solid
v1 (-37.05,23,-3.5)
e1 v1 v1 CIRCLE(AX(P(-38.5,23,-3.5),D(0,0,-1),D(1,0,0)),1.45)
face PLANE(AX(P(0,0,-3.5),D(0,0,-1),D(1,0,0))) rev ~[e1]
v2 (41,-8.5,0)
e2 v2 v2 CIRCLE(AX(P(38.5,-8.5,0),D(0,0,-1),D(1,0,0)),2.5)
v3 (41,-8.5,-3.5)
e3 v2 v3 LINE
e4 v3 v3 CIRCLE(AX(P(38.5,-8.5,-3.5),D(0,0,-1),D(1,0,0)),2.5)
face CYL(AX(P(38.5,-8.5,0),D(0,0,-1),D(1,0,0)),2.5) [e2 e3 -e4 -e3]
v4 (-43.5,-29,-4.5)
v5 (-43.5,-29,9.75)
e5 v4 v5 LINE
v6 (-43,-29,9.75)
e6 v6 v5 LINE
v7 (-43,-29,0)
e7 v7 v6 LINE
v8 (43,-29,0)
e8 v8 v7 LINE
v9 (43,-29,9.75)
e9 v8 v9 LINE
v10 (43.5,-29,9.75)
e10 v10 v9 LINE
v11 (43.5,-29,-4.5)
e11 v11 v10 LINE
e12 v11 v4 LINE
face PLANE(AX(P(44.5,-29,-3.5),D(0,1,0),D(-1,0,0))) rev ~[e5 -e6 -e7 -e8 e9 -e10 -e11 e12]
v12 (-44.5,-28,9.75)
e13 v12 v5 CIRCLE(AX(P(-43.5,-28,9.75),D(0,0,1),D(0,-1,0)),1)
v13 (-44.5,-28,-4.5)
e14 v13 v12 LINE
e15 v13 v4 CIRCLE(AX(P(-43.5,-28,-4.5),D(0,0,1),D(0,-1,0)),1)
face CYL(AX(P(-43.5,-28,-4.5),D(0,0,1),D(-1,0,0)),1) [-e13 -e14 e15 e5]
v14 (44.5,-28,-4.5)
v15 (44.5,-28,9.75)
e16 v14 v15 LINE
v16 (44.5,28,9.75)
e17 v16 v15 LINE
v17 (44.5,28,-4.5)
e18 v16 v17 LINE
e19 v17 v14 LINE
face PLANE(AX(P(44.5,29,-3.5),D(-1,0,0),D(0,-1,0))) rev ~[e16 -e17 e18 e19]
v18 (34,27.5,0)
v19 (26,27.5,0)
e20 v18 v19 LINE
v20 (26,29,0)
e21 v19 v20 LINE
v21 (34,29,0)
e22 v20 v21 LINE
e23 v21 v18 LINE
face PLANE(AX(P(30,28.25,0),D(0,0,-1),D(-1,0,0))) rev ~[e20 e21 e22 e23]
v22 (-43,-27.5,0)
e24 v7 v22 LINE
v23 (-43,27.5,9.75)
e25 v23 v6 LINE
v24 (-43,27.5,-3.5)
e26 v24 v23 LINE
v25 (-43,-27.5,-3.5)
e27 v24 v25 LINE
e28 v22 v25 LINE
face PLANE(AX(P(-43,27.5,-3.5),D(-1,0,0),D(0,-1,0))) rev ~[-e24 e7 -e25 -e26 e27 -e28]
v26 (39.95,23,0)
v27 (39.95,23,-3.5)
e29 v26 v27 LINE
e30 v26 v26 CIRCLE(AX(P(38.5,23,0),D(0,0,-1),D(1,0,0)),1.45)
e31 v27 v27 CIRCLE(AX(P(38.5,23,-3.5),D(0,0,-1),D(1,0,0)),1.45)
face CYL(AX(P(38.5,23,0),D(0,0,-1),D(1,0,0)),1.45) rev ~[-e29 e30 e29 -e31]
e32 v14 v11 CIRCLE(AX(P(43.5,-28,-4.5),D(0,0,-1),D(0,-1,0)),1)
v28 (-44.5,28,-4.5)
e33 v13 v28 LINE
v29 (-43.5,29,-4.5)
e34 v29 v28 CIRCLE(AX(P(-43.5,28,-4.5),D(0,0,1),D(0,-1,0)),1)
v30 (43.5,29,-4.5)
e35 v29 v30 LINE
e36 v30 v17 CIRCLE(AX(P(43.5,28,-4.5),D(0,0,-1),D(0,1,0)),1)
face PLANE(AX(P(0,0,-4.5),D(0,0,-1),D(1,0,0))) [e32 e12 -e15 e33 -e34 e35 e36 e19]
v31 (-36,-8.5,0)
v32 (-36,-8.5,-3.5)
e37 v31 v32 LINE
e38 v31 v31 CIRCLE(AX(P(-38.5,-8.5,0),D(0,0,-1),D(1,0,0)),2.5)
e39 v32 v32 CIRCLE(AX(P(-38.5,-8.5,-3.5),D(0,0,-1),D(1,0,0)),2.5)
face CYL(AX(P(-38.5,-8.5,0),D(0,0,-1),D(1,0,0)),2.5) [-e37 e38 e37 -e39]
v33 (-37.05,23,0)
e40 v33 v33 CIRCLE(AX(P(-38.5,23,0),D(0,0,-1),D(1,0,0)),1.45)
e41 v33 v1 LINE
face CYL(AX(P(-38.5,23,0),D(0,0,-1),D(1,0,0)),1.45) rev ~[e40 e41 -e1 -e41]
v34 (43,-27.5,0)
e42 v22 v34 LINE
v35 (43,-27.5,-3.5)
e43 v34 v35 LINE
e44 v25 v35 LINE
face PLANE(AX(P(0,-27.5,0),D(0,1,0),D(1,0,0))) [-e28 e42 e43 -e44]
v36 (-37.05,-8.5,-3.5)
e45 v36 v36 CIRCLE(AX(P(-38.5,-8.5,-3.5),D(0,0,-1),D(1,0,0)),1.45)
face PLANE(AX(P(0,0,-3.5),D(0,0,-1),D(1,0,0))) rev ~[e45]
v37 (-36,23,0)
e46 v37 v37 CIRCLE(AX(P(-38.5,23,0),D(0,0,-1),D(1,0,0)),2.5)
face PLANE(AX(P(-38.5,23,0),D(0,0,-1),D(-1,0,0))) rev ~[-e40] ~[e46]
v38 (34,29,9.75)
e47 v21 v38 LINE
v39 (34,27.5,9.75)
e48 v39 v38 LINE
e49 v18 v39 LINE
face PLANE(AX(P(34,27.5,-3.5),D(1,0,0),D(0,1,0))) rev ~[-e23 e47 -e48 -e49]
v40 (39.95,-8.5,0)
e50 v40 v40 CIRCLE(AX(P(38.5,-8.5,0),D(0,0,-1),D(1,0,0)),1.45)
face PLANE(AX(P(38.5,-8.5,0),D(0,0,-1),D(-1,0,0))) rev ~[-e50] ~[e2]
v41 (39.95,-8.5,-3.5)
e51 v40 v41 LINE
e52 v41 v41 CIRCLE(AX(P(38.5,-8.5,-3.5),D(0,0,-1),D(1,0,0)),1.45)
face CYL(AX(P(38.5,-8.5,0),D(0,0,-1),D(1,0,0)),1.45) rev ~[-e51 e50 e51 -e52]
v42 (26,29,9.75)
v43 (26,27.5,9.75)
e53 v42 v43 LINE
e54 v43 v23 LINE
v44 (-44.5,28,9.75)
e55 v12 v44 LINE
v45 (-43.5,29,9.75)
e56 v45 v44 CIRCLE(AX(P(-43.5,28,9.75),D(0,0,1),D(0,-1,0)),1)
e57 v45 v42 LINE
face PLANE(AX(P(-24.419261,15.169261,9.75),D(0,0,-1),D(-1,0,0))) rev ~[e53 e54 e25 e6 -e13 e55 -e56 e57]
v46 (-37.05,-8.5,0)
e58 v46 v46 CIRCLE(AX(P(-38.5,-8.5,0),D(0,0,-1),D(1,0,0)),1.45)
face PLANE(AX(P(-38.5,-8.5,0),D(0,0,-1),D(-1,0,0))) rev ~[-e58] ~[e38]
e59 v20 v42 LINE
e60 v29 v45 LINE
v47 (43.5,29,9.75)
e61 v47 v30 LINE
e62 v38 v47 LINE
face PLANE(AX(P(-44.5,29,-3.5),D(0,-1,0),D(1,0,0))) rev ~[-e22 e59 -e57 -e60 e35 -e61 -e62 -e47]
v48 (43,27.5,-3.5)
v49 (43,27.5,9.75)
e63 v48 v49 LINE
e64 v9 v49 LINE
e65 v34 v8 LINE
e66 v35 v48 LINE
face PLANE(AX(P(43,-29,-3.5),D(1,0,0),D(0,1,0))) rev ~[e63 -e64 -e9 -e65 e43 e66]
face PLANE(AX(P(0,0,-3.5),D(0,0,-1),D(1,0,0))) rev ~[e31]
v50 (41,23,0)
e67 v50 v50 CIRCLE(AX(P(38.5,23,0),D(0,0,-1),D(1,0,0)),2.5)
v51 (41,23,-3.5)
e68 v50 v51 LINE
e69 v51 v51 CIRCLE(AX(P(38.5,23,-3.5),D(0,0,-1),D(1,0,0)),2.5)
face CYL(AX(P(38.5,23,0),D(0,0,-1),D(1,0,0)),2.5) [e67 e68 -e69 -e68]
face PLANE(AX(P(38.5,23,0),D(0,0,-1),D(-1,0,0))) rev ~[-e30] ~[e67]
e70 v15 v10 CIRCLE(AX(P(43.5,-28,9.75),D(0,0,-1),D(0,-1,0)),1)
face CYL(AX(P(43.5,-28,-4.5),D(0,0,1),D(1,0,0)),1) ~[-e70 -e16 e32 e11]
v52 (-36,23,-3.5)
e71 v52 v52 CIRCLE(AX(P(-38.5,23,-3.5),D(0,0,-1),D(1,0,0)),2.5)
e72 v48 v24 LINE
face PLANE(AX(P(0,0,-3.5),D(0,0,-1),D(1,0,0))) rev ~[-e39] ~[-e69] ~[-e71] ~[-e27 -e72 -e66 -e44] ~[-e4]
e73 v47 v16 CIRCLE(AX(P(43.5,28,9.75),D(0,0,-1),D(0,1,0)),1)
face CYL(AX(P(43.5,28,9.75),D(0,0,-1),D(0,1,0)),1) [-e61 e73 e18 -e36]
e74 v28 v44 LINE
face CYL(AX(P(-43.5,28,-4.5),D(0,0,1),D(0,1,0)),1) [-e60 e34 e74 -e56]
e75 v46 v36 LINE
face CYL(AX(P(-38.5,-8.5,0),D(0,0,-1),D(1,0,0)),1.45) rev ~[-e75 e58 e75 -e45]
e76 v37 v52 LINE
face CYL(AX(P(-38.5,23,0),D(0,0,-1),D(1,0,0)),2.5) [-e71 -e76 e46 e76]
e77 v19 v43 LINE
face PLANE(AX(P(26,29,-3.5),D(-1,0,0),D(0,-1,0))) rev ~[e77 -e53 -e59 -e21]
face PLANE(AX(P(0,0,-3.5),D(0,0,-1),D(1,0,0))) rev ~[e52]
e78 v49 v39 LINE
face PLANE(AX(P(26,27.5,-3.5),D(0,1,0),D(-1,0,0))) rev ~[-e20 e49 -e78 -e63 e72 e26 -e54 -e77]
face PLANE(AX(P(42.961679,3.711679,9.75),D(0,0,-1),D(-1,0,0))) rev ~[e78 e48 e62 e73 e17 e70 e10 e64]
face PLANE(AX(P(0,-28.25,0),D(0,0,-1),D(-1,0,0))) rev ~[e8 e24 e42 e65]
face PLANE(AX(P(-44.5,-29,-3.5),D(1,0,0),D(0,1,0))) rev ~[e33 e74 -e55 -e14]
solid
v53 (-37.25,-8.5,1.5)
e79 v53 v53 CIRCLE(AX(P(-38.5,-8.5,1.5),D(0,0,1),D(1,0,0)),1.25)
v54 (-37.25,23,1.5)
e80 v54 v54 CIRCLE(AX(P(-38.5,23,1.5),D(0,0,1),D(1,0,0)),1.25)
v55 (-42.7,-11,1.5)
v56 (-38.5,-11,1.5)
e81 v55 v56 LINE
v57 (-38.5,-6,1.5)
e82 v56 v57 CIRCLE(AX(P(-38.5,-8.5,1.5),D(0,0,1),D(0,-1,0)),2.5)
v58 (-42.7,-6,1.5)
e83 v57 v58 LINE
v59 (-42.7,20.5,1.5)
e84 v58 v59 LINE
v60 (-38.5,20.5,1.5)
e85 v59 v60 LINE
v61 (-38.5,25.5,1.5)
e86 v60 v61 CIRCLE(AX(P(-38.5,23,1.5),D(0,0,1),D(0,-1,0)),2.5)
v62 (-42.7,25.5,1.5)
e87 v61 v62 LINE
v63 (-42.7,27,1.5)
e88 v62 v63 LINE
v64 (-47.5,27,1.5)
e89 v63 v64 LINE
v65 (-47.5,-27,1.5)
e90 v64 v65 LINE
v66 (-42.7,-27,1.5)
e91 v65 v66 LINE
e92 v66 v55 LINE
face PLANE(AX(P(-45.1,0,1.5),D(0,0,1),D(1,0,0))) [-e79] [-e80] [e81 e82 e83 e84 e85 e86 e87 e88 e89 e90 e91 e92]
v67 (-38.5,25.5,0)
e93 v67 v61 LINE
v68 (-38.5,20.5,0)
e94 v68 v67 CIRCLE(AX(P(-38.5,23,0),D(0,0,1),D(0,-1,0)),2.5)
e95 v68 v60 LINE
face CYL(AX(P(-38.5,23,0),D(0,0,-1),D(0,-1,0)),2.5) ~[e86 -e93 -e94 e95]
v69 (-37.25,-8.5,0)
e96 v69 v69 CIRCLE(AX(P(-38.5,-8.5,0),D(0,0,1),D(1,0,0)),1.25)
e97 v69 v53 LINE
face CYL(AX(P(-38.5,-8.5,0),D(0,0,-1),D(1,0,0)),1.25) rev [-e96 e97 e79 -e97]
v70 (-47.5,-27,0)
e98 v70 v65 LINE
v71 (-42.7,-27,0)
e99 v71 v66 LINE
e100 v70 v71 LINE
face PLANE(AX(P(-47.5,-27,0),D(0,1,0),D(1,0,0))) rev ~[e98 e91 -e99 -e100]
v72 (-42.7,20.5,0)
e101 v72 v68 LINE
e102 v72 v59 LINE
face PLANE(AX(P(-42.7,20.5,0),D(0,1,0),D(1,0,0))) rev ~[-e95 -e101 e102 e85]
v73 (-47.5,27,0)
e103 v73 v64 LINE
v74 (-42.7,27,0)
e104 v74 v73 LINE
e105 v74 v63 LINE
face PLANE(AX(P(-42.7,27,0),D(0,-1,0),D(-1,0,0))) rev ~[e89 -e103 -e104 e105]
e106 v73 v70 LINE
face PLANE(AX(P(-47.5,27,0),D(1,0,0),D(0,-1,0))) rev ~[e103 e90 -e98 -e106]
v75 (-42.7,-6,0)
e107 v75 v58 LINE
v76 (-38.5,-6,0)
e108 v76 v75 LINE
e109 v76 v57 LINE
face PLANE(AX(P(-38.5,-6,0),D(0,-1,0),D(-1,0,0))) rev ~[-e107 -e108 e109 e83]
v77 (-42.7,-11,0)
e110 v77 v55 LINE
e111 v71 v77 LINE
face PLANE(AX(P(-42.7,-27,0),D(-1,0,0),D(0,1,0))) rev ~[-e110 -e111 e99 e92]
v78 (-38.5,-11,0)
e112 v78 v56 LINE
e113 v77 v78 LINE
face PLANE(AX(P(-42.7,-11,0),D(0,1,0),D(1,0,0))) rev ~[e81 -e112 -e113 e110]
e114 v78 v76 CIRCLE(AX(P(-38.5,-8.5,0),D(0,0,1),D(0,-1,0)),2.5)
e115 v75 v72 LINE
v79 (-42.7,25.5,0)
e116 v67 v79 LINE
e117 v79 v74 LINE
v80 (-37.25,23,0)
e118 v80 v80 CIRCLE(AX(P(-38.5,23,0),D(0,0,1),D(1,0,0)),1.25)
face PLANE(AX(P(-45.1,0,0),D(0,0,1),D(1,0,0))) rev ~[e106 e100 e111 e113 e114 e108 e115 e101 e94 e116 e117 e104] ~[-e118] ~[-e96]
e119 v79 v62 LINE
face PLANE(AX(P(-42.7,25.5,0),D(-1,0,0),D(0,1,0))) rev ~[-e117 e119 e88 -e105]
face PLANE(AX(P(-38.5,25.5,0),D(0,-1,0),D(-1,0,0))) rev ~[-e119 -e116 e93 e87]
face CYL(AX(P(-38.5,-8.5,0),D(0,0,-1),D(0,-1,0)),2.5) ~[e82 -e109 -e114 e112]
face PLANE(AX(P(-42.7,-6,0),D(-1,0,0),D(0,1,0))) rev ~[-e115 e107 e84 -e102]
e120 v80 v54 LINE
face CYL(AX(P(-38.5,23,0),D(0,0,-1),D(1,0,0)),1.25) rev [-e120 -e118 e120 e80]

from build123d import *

# Parameters (mm, degrees)
F2_W      = 86
F2_H      = 1.5
F2_W_2    = 8
F3_DEPTH  = 1
F5_R      = 2.5
F5_R_2    = 1.45
F8_R      = 1
F9_R      = 1.25
F10_DEPTH = 1.5


with BuildPart() as f3:
    # F2 (on line) → F3 (new body)
    with BuildSketch(Plane(origin=(0, 0, -3.5), x_dir=(1, 0, 0), z_dir=(0, 0, -1))):
        Polygon((34, -27.5), (43, -27.5), (43, 27.5), (-43, 27.5), (-43, -27.5), (26, -27.5), align=None)
        with Locations((0, 28.25)):
            Rectangle(F2_W, F2_H)
        Polygon((26, -29), (26, -27.5), (-43, -27.5), (-43, 27.5), (-43, 29), (-44.5, 29), (-44.5, -29), align=None)
        with Locations((30, -28.25)):
            Rectangle(F2_W_2, F2_H)
        Polygon((43, 27.5), (43, -27.5), (34, -27.5), (34, -29), (44.5, -29), (44.5, 29), (43, 29), align=None)
    extrude(amount=F3_DEPTH)

    # F4: sweep along a path in F0
    with BuildLine(Plane.XZ) as f4_path:
        Line((0, -3.5), (0, 0))
        Line((0, 0), (0, 1.25))
        Line((0, 1.25), (0, 9.75))
    # F2 (on line) → F4 (sweep)
    with BuildSketch(Plane(origin=(0, 0, -3.5), x_dir=(1, 0, 0), z_dir=(0, 0, -1))):
        Polygon((26, -29), (26, -27.5), (-43, -27.5), (-43, 27.5), (-43, 29), (-44.5, 29), (-44.5, -29), align=None)
        Polygon((43, 27.5), (43, -27.5), (34, -27.5), (34, -29), (44.5, -29), (44.5, 29), (43, 29), align=None)
    sweep(path=f4_path.line)

    # F6: sweep along a path in F0
    with BuildLine(Plane.XZ) as f6_path:
        Line((0, 0), (0, -3.5))
    # F5 (on line) → F6 (sweep)
    with BuildSketch(Plane(origin=(0, 0, -3.5), x_dir=(1, 0, 0), z_dir=(0, 0, -1))):
        with Locations((-38.5, -23)):
            Circle(F5_R)
        with Locations((-38.5, -23)):
            Circle(F5_R_2, mode=Mode.SUBTRACT)
        with Locations((-38.5, 8.5)):
            Circle(F5_R)
        with Locations((-38.5, 8.5)):
            Circle(F5_R_2, mode=Mode.SUBTRACT)
        with Locations((38.5, 8.5)):
            Circle(F5_R)
        with Locations((38.5, 8.5)):
            Circle(F5_R_2, mode=Mode.SUBTRACT)
        with Locations((38.5, -23)):
            Circle(F5_R)
        with Locations((38.5, -23)):
            Circle(F5_R_2, mode=Mode.SUBTRACT)
    sweep(path=f6_path.line)

    # F7: sweep along a path in F0
    with BuildLine(Plane.XZ) as f7_path:
        Line((0, 0), (0, -3.5))
    # F2 (on line) → F7 (sweep)
    with BuildSketch(Plane(origin=(0, 0, -3.5), x_dir=(1, 0, 0), z_dir=(0, 0, -1))):
        with Locations((0, 28.25)):
            Rectangle(F2_W, F2_H)
        with Locations((30, -28.25)):
            Rectangle(F2_W_2, F2_H)
    sweep(path=f7_path.line)

    # F8
    f8_edges = [f3.edges().sort_by_distance(p)[0] for p in [
        (44.5, -29, 2.625),
        (44.5, 29, 2.625),
        (-44.5, -29, 2.625),
        (-44.5, 29, 2.625),
    ]]
    fillet(f8_edges, radius=F8_R)


with BuildPart() as f10:
    # F9 (on Top) → F10 (new body)
    with BuildSketch(Plane.XY):
        Polygon((-42.7, 25.5), (-42.7, 27), (-47.5, 27), (-47.5, -27), (-42.7, -27), (-42.7, -11), (-42.7, -6), (-42.7, 20.5), align=None)
        with BuildLine():
            Line((-38.5, 25.5), (-42.7, 25.5))
            Line((-42.7, 25.5), (-42.7, 20.5))
            Line((-42.7, 20.5), (-38.5, 20.5))
            ThreePointArc((-38.5, 20.5), (-36, 23), (-38.5, 25.5))
        make_face()
        with Locations((-38.5, 23)):
            Circle(F9_R, mode=Mode.SUBTRACT)
        with BuildLine():
            Line((-38.5, -6), (-42.7, -6))
            Line((-42.7, -6), (-42.7, -11))
            Line((-42.7, -11), (-38.5, -11))
            ThreePointArc((-38.5, -11), (-36, -8.5), (-38.5, -6))
        make_face()
        with Locations((-38.5, -8.5)):
            Circle(F9_R, mode=Mode.SUBTRACT)
    extrude(amount=F10_DEPTH)


solid = Compound([f3.part, f10.part])
